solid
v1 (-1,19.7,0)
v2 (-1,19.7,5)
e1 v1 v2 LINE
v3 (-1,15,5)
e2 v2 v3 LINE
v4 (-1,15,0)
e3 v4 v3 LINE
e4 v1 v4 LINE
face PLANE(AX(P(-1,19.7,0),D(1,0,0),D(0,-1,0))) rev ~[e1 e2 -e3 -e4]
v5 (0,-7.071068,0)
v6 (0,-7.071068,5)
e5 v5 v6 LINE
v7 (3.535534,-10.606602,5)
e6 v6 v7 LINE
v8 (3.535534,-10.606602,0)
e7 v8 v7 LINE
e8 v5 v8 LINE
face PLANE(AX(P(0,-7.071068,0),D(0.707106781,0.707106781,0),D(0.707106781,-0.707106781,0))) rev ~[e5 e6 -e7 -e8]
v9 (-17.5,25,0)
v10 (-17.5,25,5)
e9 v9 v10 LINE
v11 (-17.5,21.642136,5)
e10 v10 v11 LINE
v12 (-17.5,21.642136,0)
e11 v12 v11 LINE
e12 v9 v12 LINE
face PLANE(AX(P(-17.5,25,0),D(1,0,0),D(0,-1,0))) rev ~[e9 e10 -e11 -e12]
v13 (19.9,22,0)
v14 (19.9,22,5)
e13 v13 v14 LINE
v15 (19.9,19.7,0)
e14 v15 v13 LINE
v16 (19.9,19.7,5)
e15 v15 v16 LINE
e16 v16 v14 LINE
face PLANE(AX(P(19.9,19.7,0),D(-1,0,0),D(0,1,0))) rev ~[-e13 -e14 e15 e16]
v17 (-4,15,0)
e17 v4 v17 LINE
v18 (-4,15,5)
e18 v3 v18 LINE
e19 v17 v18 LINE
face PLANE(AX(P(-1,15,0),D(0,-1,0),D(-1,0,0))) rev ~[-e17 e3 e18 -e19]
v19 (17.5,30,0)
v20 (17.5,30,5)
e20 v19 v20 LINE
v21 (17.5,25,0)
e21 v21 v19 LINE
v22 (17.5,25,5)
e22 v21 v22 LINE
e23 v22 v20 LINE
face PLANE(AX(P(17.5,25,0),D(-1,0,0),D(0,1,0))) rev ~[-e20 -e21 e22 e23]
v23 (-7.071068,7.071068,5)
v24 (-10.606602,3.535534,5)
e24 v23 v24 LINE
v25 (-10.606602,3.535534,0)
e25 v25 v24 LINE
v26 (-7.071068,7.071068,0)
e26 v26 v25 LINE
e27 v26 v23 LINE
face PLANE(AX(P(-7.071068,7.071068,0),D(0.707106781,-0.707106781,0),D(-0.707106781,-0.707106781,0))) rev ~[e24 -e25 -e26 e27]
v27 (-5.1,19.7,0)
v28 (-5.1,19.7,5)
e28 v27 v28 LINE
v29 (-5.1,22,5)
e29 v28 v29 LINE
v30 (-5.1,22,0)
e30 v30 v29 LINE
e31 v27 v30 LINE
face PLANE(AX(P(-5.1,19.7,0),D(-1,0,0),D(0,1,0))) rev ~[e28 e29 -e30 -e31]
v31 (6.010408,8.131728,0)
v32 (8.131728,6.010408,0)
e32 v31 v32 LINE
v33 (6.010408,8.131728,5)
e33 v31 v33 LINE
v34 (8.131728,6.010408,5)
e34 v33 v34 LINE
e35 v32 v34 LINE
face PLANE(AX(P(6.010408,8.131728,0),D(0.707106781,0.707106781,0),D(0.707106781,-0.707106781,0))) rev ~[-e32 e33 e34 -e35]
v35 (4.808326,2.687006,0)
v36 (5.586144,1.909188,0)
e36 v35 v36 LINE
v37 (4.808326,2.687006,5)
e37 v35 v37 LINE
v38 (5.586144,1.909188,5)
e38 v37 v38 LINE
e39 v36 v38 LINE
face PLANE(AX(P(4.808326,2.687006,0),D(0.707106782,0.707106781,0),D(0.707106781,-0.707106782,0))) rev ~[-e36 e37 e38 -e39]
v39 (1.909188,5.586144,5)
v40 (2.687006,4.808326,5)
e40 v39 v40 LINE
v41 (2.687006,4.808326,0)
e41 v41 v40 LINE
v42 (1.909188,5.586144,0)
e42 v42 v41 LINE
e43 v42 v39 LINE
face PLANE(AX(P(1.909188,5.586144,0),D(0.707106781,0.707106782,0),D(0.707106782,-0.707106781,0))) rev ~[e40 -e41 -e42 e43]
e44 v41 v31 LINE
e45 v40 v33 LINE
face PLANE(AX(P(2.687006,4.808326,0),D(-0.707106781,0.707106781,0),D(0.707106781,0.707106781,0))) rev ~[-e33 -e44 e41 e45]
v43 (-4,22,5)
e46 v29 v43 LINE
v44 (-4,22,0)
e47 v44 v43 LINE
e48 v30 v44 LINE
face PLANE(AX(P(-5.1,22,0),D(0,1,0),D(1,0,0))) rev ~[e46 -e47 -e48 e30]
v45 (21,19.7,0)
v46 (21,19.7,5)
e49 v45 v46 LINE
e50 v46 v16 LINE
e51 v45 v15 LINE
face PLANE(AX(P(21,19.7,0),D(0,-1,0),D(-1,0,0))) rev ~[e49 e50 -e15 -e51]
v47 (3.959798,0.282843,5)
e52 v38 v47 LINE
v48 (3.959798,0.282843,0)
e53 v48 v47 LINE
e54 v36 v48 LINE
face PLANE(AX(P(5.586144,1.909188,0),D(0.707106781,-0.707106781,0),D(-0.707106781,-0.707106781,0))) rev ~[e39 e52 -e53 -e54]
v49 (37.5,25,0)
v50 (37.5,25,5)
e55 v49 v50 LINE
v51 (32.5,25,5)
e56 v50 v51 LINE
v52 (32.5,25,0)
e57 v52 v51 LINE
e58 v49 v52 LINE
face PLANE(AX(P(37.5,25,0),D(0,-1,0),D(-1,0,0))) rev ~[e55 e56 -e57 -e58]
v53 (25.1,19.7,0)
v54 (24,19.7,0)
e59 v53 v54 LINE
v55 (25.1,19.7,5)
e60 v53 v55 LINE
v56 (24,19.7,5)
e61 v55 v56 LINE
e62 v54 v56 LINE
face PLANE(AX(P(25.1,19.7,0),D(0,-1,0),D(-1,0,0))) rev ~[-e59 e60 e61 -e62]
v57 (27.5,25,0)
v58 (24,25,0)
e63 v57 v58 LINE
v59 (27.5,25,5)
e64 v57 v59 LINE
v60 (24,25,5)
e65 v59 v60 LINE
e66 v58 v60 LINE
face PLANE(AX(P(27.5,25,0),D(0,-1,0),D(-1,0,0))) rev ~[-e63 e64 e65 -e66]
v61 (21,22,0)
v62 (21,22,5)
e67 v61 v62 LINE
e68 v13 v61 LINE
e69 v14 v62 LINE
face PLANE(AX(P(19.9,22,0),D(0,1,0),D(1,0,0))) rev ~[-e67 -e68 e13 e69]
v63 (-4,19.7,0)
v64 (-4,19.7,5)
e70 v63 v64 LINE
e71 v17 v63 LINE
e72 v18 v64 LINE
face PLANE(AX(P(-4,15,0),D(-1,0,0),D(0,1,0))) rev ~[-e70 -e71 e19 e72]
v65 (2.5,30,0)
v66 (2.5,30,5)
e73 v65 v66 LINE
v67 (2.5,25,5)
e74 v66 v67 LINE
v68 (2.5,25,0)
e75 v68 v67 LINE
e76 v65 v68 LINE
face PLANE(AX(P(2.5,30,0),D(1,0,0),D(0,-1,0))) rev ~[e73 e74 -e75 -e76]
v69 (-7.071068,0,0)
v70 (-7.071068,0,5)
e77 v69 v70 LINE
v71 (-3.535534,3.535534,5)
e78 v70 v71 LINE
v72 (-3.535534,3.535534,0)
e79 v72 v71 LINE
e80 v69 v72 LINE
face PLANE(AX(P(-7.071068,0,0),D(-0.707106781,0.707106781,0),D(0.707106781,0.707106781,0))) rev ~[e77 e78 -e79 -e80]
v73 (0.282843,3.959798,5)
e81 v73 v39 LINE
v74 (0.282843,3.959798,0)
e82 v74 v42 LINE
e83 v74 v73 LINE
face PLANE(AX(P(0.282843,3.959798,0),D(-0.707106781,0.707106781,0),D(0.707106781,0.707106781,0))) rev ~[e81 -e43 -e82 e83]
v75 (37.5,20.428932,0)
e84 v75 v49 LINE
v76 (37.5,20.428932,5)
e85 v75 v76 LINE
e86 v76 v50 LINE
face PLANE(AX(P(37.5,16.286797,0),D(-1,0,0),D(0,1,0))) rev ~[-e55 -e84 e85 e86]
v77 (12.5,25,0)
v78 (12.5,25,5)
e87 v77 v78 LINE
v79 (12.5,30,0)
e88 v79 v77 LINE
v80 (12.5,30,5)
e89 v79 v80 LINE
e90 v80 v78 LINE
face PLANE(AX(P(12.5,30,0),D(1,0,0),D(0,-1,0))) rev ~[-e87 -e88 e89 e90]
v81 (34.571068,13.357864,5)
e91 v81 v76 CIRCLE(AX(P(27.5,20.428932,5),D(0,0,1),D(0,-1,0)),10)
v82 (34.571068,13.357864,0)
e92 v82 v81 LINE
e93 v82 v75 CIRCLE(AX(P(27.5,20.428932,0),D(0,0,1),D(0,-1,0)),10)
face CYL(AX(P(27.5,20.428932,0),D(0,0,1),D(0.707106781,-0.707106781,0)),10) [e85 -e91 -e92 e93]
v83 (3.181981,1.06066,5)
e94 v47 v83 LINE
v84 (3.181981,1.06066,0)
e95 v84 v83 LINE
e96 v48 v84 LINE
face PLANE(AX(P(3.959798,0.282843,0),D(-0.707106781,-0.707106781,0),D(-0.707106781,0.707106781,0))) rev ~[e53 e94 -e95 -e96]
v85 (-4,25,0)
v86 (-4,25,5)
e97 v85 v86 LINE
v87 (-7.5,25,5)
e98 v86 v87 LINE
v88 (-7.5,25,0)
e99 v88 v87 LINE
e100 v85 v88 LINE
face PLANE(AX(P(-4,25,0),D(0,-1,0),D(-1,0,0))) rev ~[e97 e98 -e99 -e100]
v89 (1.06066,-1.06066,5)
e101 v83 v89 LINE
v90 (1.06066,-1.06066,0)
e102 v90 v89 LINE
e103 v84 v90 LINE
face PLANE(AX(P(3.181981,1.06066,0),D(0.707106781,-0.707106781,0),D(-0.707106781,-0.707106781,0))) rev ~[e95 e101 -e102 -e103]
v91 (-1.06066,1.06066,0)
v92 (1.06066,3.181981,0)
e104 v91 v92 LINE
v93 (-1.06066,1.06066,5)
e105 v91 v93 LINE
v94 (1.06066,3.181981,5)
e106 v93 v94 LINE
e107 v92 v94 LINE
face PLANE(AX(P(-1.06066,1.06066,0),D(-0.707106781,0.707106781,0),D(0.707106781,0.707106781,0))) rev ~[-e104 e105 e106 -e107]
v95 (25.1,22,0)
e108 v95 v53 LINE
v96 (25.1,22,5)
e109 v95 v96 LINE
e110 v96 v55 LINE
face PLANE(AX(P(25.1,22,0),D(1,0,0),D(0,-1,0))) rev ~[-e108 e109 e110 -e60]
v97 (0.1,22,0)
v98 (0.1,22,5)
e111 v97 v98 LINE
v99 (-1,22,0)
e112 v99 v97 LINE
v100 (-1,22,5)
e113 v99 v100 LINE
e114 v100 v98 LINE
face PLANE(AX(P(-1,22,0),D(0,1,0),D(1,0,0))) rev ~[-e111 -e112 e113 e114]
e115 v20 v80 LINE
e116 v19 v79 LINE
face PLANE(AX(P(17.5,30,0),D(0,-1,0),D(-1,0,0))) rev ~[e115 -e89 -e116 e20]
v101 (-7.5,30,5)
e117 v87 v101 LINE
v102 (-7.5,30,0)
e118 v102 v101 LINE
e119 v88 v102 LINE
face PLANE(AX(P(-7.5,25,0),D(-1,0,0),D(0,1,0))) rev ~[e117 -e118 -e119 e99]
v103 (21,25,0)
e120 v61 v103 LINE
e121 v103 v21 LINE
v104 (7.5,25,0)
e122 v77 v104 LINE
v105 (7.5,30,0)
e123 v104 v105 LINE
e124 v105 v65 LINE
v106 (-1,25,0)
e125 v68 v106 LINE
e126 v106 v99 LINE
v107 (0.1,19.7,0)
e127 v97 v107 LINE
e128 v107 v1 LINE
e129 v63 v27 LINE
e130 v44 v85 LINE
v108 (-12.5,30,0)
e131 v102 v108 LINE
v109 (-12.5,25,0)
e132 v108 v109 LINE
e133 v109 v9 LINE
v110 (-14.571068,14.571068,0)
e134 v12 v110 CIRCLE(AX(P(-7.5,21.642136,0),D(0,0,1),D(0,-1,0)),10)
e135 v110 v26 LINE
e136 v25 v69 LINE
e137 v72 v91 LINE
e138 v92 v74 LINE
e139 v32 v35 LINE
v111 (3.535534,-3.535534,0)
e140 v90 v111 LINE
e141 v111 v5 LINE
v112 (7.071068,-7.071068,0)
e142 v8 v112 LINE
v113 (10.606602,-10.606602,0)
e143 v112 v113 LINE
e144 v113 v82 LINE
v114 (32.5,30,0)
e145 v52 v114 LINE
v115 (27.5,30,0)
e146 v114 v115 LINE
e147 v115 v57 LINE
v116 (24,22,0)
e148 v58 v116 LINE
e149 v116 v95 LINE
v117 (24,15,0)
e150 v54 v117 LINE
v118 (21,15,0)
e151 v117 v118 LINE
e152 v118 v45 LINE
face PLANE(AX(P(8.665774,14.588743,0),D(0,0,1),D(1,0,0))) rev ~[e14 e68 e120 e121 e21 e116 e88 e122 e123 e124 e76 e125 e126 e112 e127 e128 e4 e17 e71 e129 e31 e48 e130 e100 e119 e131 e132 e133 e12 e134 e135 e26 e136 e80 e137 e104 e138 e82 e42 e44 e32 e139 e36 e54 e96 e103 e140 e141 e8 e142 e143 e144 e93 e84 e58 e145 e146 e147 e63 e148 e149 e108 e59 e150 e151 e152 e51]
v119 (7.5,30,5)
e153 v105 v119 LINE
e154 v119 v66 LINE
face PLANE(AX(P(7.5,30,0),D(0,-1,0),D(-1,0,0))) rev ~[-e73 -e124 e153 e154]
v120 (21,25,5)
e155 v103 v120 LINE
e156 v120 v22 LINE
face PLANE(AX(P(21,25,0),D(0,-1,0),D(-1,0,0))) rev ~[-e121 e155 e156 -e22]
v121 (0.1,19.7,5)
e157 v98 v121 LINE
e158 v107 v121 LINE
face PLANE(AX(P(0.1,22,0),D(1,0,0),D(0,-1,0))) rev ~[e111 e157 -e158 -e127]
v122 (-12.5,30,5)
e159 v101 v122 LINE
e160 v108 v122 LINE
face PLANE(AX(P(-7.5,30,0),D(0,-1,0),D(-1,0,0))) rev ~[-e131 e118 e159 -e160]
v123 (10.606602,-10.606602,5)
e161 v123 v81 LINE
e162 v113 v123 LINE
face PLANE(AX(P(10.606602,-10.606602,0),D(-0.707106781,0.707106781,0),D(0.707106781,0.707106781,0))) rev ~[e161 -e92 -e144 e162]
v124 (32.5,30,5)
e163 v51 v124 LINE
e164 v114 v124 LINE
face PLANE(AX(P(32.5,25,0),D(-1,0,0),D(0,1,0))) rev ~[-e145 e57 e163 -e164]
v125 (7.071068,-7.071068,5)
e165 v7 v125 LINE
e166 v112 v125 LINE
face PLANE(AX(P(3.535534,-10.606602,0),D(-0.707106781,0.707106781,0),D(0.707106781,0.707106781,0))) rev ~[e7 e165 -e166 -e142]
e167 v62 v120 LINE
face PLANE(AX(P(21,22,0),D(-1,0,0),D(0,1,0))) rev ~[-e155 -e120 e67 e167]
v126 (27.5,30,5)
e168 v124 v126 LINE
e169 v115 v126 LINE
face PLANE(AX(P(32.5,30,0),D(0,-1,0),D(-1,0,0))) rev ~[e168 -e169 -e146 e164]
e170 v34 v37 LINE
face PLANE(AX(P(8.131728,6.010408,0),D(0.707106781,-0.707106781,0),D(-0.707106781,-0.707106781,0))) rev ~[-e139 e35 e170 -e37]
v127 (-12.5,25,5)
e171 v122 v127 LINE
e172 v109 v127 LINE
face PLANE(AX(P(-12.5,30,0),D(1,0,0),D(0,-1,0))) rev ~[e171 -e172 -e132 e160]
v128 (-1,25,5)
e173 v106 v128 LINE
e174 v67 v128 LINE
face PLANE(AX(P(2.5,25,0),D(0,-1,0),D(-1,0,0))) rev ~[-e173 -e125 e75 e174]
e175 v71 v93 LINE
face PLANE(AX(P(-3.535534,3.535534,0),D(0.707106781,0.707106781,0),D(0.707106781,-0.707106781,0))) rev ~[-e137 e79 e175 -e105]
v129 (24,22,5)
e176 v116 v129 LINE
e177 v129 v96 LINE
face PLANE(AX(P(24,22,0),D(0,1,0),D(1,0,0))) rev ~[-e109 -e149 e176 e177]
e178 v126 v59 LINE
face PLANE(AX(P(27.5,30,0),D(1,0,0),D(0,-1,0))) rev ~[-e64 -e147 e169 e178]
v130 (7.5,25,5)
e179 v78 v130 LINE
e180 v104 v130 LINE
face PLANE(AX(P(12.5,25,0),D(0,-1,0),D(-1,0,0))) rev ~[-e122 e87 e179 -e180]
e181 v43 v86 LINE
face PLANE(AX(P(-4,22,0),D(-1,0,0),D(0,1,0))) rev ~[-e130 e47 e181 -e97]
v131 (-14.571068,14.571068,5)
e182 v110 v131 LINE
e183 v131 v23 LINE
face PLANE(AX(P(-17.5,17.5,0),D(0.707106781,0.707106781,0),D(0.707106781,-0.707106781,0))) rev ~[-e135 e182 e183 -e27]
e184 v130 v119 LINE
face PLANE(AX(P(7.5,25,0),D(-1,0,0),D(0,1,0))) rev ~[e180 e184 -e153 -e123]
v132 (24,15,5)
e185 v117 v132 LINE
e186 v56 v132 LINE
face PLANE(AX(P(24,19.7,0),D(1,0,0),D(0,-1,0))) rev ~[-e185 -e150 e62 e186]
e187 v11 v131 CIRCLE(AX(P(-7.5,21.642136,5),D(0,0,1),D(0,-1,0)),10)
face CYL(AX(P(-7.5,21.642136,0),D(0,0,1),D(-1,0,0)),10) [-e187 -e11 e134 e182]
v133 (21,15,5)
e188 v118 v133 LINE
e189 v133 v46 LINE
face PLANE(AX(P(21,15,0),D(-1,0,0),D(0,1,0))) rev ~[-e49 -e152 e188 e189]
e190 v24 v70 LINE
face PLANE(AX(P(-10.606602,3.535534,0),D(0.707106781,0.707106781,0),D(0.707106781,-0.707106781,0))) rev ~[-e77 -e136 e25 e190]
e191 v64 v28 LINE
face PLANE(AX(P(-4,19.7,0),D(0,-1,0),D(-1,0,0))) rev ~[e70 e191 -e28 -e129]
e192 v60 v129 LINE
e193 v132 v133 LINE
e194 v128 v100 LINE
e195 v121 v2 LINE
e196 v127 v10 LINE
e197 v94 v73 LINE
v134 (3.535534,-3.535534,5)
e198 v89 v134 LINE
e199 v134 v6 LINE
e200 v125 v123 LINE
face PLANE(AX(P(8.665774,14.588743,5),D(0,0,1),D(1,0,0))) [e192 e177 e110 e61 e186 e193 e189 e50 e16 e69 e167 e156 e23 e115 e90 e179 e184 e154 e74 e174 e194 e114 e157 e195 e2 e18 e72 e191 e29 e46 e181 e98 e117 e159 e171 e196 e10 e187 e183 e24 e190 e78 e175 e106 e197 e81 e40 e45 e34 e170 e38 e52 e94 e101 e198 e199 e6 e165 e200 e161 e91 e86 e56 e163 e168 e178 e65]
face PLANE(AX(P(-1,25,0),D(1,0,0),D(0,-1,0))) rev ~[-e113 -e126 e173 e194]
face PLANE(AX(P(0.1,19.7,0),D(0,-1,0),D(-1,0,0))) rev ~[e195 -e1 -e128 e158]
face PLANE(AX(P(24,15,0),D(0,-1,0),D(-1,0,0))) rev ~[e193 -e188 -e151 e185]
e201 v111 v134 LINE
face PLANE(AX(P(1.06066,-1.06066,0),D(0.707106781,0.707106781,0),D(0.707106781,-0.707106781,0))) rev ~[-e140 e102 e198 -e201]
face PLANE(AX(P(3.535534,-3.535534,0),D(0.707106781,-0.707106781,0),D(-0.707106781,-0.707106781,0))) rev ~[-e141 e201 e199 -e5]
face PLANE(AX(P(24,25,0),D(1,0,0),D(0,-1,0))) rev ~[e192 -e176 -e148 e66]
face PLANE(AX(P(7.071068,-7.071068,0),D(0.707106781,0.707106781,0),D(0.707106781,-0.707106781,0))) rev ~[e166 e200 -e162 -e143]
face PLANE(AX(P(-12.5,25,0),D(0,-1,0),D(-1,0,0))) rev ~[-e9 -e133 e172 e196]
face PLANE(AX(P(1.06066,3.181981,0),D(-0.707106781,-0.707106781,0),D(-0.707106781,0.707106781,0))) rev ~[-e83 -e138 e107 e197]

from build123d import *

# Parameters (mm, degrees)
BOSS_EXTRU_1_DEPTH = 5
CONG_1_R           = 10


with BuildPart() as part:
    # Esquisse1 → Boss.-Extru.1 (new body)
    with BuildSketch(Plane.XY):
        Polygon((-10.606601718, 10.606601718), (-7.071067812, 7.071067812), (-10.606601718, 3.535533906), (-7.071067812, 0), (-3.535533906, 3.535533906), (-1.060660172, 1.060660172), (1.060660172, 3.181980515), (0.282842712, 3.959797975), (1.909188309, 5.586143571), (2.687005769, 4.808326112), (6.01040764, 8.131727984), (8.131727984, 6.01040764), (4.808326112, 2.687005769), (5.586143571, 1.909188309), (3.959797975, 0.282842712), (3.181980515, 1.060660172), (1.060660172, -1.060660172), (3.535533906, -3.535533906), (0, -7.071067812), (3.535533906, -10.606601718), (7.071067812, -7.071067812), (10.606601718, -10.606601718), (37.5, 16.286796564), (37.5, 25), (32.5, 25), (32.5, 30), (27.5, 30), (27.5, 25), (24, 25), (24, 22), (25.1, 22), (25.1, 19.7), (24, 19.7), (24, 15), (21, 15), (21, 19.7), (19.9, 19.7), (19.9, 22), (21, 22), (21, 25), (17.5, 25), (17.5, 30), (12.5, 30), (12.5, 25), (7.5, 25), (7.5, 30), (2.5, 30), (2.5, 25), (-1, 25), (-1, 22), (0.1, 22), (0.1, 19.7), (-1, 19.7), (-1, 15), (-4, 15), (-4, 19.7), (-5.1, 19.7), (-5.1, 22), (-4, 22), (-4, 25), (-7.5, 25), (-7.5, 30), (-12.5, 30), (-12.5, 25), (-17.5, 25), (-17.5, 17.5), align=None)
    extrude(amount=BOSS_EXTRU_1_DEPTH)

    # Congé1
    cong_1_edges = [part.edges().sort_by_distance(p)[0] for p in [
        (37.5, 16.286796564, 2.5),
        (-17.5, 17.5, 2.5),
    ]]
    fillet(cong_1_edges, radius=CONG_1_R)


solid = part.part
